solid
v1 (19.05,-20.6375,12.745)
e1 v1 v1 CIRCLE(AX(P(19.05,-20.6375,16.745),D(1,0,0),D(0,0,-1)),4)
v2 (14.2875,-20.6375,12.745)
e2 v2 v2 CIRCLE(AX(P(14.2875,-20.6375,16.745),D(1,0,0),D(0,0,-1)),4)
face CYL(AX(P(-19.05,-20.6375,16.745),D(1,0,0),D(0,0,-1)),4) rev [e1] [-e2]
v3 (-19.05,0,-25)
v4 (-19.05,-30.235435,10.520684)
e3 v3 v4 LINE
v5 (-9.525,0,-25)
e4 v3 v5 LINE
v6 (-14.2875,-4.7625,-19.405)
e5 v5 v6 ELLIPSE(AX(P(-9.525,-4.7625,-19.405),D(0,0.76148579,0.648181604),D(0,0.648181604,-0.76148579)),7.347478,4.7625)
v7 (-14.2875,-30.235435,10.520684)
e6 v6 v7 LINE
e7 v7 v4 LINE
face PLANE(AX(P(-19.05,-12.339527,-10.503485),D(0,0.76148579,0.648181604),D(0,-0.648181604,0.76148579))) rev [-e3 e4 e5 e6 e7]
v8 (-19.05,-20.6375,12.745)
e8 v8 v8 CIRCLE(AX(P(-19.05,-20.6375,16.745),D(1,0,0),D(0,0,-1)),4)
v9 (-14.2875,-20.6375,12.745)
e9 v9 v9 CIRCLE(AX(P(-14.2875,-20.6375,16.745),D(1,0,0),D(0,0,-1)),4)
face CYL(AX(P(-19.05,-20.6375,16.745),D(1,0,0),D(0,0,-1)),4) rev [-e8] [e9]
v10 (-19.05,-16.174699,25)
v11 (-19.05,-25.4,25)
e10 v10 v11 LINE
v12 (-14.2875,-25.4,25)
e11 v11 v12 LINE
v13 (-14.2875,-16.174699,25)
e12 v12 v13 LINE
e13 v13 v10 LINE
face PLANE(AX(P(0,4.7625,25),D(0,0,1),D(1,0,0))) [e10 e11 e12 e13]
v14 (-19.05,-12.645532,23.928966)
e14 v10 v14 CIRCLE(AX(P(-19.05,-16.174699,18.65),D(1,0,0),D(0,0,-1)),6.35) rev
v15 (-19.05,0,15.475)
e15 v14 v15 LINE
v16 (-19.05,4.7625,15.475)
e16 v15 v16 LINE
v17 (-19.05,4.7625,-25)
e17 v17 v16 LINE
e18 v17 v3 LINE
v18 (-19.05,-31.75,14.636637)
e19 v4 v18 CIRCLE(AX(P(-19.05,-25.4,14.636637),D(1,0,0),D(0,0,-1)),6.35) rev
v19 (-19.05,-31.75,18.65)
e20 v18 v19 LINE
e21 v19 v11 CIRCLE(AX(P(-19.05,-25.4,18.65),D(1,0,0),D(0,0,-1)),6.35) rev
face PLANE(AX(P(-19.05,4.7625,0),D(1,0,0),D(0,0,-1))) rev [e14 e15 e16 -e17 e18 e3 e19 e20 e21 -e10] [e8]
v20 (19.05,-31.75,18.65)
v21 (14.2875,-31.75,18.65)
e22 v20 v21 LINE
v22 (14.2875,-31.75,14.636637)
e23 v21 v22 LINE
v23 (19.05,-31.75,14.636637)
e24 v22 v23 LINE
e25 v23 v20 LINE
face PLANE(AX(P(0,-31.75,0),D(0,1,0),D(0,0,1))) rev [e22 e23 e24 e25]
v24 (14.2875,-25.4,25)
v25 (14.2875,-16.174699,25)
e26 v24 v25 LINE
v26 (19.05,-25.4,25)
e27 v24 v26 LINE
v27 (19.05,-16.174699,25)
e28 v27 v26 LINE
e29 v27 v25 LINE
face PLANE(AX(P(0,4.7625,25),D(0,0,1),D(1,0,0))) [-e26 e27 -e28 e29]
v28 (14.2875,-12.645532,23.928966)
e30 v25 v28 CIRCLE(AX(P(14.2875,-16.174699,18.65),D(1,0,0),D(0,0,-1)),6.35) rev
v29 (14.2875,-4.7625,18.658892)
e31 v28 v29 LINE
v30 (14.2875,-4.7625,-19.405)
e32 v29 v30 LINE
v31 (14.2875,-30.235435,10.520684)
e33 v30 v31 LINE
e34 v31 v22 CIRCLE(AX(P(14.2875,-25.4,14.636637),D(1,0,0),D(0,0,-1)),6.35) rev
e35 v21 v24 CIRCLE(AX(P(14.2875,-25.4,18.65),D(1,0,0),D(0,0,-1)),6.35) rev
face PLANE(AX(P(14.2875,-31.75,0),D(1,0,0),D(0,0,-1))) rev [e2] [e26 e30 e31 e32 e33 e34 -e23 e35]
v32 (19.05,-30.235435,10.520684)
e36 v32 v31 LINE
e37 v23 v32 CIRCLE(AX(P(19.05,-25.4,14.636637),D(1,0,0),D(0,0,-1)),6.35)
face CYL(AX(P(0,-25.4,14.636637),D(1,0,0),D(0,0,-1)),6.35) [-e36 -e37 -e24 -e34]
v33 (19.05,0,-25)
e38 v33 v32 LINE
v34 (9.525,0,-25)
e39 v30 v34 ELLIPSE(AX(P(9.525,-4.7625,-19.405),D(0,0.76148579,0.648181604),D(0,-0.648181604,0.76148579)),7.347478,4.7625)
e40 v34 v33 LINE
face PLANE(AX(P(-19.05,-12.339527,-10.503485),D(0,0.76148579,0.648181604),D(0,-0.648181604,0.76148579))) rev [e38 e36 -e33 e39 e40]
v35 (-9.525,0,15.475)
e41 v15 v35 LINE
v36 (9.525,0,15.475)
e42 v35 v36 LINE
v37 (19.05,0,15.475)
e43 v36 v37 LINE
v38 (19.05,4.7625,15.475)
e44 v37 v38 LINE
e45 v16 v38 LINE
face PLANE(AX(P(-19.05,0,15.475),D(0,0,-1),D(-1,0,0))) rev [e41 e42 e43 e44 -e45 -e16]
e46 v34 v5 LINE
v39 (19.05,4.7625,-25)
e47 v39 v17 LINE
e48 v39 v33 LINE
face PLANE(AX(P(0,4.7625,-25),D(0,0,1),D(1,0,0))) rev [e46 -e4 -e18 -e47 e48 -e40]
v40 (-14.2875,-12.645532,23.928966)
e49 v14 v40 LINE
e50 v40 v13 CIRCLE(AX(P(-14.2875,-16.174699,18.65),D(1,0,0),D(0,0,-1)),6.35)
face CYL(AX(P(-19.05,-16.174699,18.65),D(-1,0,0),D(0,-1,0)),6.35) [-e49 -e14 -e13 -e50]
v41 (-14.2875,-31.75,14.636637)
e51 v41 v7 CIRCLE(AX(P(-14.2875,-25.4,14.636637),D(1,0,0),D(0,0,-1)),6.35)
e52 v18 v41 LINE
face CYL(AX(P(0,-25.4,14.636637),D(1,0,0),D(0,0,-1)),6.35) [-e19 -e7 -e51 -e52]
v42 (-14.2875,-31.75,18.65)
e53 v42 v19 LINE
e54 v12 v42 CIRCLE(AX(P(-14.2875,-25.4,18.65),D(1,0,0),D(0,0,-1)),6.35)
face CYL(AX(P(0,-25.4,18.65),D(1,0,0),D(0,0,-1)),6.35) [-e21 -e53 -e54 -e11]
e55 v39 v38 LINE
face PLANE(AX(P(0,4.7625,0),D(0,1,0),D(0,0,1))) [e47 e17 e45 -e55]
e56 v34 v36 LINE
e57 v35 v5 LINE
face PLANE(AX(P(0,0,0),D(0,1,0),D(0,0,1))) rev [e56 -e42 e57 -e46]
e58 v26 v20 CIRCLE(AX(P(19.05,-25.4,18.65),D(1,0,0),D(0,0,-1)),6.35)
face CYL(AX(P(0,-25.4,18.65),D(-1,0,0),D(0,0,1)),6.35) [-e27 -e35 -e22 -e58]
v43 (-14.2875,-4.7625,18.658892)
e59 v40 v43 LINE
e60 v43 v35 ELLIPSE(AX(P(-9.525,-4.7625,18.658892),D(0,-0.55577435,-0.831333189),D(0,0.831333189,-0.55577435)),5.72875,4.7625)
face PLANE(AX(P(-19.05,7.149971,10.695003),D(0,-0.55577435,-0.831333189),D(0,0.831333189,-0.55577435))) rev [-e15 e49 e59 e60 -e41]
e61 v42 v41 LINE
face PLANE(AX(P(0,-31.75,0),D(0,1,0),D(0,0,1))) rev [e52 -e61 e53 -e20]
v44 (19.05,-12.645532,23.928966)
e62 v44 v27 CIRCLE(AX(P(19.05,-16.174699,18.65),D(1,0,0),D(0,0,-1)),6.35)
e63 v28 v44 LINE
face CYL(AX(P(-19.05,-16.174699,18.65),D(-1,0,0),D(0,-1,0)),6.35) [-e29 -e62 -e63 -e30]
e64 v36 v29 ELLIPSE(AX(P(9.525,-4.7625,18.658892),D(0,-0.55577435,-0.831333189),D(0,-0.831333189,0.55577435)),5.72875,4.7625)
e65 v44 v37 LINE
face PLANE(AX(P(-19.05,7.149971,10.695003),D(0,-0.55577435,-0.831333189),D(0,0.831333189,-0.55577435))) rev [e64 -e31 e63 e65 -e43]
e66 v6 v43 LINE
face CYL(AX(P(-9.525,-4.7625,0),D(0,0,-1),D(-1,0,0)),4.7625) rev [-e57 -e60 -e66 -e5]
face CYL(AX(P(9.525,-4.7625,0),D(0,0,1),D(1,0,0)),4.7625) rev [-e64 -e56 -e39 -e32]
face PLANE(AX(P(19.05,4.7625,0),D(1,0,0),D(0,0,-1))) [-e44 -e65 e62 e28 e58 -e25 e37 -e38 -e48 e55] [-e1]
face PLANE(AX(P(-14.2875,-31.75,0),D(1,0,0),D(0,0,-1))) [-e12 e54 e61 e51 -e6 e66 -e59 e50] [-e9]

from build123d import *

# Parameters (mm, degrees)
SKETCH1_W           = 4.7625
SKETCH1_H           = 50
SKETCH1_W_2         = 28.575
BOSS_EXTRUDE1_DEPTH = 4.7625
SKETCH1_3_W         = 4.7625
SKETCH1_3_H         = 50
BOSS_EXTRUDE2_DEPTH = 31.75
SKETCH3_R           = 4
CUT_EXTRUDE1_DEPTH  = 39.1
FILLET1_R           = 6.35
FILLET2_R           = 4.7625


with BuildPart() as part:
    # Sketch1 → Boss-Extrude1 (new body)
    with BuildSketch(Plane(origin=(0, 0, 0), x_dir=(1, 0, 0), z_dir=(0, 1, 0))):
        with Locations((-16.66875, 0)):
            Rectangle(SKETCH1_W, SKETCH1_H)
        Rectangle(SKETCH1_W_2, SKETCH1_H)
        with Locations((16.66875, 0)):
            Rectangle(SKETCH1_W, SKETCH1_H)
    extrude(amount=BOSS_EXTRUDE1_DEPTH)

    # Sketch1<3> → Boss-Extrude2 (add)
    with BuildSketch(Plane(origin=(0, 0, 0), x_dir=(1, 0, 0), z_dir=(0, 1, 0))):
        with Locations((-16.66875, 0)):
            Rectangle(SKETCH1_3_W, SKETCH1_3_H)
        with Locations((16.66875, 0)):
            Rectangle(SKETCH1_3_W, SKETCH1_3_H)
    extrude(amount=-BOSS_EXTRUDE2_DEPTH)

    # Sketch3 → Cut-Extrude1 (cut, through all)
    with BuildSketch(Plane(origin=(19.05, 0, 0), x_dir=(0, 0, -1), z_dir=(1, 0, 0))):
        Polygon((25, -31.75), (25, 0), (-12.3, -31.75), align=None)
        Polygon((-15.475, 0), (-15.475, 4.7625), (-25, 4.7625), (-25, 0), (-25, -14.247596398), align=None)
        with Locations((-16.745, -20.6375)):
            Circle(SKETCH3_R)
    extrude(amount=-CUT_EXTRUDE1_DEPTH, mode=Mode.SUBTRACT)

    # Fillet1
    fillet1_edges = [part.edges().sort_by_distance(p)[0] for p in [
        (-16.66875, -31.75, 25),
        (16.66875, -31.75, 25),
        (16.66875, -31.75, 12.3),
        (-16.66875, -31.75, 12.3),
        (16.66875, -14.247596398, 25),
        (-16.66875, -14.247596398, 25),
    ]]
    fillet(fillet1_edges, radius=FILLET1_R)

    # Fillet2
    fillet2_edges = [part.edges().sort_by_distance(p)[0] for p in [
        (14.2875, 0, -4.7625),
        (-14.2875, 0, -4.7625),
    ]]
    fillet(fillet2_edges, radius=FILLET2_R)


solid = part.part
